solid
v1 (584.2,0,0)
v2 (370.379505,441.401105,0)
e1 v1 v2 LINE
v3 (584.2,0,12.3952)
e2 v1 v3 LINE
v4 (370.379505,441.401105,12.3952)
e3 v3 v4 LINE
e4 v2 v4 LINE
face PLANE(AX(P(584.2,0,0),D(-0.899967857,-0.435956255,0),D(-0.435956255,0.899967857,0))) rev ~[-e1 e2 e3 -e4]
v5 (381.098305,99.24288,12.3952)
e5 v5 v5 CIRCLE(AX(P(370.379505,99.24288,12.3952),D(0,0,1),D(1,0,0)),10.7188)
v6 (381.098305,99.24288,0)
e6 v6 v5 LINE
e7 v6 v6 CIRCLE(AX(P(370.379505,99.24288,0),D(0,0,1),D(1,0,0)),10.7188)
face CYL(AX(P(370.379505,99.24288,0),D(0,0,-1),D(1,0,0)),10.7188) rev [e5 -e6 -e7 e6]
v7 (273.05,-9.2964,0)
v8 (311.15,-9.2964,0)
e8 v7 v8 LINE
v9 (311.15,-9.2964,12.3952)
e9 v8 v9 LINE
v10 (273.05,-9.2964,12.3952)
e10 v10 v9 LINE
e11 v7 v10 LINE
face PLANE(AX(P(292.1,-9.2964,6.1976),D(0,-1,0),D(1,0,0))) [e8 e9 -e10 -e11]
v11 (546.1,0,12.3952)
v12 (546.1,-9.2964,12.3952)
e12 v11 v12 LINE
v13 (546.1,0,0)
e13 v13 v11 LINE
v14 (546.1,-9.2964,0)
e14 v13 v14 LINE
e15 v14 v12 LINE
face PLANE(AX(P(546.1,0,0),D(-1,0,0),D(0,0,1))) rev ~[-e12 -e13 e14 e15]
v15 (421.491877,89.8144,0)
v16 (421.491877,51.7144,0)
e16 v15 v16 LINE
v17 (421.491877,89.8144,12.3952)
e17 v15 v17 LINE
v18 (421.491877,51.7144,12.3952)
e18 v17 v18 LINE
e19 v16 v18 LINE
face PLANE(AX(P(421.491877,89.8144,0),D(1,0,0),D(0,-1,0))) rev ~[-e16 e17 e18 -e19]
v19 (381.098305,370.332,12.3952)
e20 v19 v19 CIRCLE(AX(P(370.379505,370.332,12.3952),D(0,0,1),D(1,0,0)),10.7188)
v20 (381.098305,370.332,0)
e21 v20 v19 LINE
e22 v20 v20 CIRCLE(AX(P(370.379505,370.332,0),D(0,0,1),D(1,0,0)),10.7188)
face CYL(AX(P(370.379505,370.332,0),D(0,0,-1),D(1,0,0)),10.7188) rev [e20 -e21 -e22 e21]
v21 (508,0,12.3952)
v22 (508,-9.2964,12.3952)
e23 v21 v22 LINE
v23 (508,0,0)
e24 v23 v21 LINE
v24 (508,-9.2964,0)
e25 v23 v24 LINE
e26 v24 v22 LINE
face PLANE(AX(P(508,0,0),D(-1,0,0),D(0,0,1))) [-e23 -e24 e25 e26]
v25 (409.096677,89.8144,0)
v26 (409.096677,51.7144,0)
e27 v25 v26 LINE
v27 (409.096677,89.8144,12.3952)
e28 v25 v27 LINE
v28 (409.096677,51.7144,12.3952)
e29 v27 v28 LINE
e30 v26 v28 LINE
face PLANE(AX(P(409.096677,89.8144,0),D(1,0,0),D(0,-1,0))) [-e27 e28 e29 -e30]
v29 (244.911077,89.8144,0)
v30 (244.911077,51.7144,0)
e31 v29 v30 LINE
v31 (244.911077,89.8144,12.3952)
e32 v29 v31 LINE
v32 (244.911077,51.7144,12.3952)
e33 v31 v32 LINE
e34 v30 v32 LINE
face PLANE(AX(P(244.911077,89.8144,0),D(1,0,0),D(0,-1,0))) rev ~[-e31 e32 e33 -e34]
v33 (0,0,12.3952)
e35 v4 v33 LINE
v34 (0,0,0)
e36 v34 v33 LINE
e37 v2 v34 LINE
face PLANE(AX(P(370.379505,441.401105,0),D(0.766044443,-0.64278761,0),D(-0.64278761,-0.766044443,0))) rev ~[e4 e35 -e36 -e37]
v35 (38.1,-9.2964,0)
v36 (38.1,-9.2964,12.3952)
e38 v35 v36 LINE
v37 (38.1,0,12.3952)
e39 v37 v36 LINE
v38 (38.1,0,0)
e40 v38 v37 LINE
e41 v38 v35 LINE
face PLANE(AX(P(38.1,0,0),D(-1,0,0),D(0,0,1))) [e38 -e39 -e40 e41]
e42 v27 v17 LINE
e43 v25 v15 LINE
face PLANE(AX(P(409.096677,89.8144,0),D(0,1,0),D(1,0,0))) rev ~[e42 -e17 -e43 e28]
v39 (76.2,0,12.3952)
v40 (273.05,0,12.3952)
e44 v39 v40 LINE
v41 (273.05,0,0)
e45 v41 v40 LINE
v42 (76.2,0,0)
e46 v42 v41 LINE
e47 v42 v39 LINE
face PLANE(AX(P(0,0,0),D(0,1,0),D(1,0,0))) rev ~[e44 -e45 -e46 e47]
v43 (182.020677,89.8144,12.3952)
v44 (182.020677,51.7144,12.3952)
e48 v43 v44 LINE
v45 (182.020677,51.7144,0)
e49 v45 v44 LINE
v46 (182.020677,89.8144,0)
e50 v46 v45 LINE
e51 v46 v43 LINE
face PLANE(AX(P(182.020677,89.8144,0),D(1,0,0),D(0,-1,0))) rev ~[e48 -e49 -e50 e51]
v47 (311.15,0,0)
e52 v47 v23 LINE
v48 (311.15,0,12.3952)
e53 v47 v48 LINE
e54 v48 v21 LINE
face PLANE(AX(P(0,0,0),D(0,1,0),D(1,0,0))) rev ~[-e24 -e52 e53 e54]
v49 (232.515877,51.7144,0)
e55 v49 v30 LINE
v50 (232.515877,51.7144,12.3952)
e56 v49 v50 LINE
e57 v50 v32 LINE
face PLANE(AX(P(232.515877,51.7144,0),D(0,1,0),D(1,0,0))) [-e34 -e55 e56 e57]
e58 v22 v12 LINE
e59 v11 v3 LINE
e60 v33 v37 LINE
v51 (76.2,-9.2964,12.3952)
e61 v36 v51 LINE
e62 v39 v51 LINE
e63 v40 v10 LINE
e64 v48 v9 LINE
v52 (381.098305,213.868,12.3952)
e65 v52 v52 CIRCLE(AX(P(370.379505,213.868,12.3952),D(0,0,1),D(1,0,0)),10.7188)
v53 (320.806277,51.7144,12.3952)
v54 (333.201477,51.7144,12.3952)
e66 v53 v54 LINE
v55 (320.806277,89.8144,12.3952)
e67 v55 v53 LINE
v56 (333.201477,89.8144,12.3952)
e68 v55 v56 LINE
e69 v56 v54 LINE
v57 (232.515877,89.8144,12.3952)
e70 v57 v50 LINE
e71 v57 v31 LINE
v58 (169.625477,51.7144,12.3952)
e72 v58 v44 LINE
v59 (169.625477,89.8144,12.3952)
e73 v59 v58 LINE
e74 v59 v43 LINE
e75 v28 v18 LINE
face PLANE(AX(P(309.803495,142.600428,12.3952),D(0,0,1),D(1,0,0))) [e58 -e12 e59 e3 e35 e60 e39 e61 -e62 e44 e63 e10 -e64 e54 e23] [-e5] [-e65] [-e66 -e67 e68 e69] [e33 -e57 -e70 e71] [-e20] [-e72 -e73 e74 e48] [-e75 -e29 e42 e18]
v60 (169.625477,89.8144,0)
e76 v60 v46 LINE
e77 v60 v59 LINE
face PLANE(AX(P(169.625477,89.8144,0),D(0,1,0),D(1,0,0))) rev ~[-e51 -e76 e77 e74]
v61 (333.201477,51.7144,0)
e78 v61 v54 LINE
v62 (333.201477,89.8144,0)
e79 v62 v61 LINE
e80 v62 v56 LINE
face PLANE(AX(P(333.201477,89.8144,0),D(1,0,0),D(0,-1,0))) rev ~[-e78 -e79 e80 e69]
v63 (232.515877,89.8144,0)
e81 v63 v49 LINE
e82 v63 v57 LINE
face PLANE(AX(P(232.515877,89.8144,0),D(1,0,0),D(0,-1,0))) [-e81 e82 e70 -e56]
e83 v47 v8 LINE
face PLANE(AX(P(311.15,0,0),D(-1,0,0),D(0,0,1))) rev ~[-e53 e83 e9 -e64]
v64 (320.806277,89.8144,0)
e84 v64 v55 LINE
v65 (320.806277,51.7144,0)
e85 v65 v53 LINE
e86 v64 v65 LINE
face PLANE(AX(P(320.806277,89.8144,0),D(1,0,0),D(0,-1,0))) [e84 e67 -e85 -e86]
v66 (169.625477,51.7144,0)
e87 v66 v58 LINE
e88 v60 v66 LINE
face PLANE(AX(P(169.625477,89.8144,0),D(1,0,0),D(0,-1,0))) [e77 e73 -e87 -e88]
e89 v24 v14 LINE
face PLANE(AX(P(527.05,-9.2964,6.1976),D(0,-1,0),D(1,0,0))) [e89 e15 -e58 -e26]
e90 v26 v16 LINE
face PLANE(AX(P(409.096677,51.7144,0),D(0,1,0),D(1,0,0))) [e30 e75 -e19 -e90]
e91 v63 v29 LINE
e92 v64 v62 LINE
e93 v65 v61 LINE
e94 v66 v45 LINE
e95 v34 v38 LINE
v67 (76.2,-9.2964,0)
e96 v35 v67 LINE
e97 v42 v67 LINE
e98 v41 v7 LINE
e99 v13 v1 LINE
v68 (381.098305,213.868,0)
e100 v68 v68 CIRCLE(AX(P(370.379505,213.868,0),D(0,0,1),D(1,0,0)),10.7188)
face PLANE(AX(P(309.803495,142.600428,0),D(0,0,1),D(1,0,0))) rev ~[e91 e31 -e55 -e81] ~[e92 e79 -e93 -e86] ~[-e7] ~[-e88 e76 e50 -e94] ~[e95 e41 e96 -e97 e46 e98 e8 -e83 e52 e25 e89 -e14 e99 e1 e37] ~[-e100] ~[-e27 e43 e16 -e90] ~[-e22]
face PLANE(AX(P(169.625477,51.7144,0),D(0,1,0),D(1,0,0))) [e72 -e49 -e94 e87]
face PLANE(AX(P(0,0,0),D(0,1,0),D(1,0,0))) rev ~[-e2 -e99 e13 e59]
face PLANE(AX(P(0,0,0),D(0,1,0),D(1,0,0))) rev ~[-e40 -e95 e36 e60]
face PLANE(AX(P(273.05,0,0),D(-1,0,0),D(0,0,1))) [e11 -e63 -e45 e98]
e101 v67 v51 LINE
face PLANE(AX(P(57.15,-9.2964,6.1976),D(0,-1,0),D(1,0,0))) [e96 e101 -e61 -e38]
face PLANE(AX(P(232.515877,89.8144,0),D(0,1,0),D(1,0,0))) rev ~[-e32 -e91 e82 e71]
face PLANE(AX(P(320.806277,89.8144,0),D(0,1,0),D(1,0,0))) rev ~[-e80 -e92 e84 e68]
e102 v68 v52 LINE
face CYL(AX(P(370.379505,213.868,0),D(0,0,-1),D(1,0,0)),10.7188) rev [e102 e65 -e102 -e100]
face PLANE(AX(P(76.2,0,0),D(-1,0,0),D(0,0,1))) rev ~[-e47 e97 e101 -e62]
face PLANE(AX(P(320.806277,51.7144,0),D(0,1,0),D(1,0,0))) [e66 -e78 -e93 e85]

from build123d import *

# Parameters (mm, degrees)
F0_R     = 10.7188
F1_DEPTH = 12.3952
F2_W     = 38.1
F2_H     = 12.3952
F3_DEPTH = 9.2964
F4_W     = 12.3952
F4_H     = 38.1
F5_DEPTH = 12.3952


with BuildPart() as f1:
    # F0 (on Top) → F1 (new body)
    with BuildSketch(Plane.XY):
        Polygon((370.379505, 441.401105), (0, 0), (584.2, 0), align=None)
        with Locations((370.379505, 99.24288)):
            Circle(F0_R, mode=Mode.SUBTRACT)
        with Locations((370.379505, 213.868)):
            Circle(F0_R, mode=Mode.SUBTRACT)
        with Locations((370.379505, 370.332)):
            Circle(F0_R, mode=Mode.SUBTRACT)
    extrude(amount=F1_DEPTH)

    # F2 (on face) → F3 (join)
    with BuildSketch(Plane.XZ):
        with Locations((57.15, 6.1976)):
            Rectangle(F2_W, F2_H)
        with Locations((292.1, 6.1976)):
            Rectangle(F2_W, F2_H)
        with Locations((527.05, 6.1976)):
            Rectangle(F2_W, F2_H)
    extrude(amount=F3_DEPTH)

    # F4 (on face) → F5 (cut, through all)
    with BuildSketch(Plane(origin=(0, 0, 0), x_dir=(1, 0, 0), z_dir=(0, 0, -1))):
        with Locations((415.294277, -70.7644)):
            Rectangle(F4_W, F4_H)
        with Locations((327.003877, -70.7644)):
            Rectangle(F4_W, F4_H)
        with Locations((238.713477, -70.7644)):
            Rectangle(F4_W, F4_H)
        with Locations((175.823077, -70.7644)):
            Rectangle(F4_W, F4_H)
    extrude(amount=-F5_DEPTH, mode=Mode.SUBTRACT)


solid = f1.part
